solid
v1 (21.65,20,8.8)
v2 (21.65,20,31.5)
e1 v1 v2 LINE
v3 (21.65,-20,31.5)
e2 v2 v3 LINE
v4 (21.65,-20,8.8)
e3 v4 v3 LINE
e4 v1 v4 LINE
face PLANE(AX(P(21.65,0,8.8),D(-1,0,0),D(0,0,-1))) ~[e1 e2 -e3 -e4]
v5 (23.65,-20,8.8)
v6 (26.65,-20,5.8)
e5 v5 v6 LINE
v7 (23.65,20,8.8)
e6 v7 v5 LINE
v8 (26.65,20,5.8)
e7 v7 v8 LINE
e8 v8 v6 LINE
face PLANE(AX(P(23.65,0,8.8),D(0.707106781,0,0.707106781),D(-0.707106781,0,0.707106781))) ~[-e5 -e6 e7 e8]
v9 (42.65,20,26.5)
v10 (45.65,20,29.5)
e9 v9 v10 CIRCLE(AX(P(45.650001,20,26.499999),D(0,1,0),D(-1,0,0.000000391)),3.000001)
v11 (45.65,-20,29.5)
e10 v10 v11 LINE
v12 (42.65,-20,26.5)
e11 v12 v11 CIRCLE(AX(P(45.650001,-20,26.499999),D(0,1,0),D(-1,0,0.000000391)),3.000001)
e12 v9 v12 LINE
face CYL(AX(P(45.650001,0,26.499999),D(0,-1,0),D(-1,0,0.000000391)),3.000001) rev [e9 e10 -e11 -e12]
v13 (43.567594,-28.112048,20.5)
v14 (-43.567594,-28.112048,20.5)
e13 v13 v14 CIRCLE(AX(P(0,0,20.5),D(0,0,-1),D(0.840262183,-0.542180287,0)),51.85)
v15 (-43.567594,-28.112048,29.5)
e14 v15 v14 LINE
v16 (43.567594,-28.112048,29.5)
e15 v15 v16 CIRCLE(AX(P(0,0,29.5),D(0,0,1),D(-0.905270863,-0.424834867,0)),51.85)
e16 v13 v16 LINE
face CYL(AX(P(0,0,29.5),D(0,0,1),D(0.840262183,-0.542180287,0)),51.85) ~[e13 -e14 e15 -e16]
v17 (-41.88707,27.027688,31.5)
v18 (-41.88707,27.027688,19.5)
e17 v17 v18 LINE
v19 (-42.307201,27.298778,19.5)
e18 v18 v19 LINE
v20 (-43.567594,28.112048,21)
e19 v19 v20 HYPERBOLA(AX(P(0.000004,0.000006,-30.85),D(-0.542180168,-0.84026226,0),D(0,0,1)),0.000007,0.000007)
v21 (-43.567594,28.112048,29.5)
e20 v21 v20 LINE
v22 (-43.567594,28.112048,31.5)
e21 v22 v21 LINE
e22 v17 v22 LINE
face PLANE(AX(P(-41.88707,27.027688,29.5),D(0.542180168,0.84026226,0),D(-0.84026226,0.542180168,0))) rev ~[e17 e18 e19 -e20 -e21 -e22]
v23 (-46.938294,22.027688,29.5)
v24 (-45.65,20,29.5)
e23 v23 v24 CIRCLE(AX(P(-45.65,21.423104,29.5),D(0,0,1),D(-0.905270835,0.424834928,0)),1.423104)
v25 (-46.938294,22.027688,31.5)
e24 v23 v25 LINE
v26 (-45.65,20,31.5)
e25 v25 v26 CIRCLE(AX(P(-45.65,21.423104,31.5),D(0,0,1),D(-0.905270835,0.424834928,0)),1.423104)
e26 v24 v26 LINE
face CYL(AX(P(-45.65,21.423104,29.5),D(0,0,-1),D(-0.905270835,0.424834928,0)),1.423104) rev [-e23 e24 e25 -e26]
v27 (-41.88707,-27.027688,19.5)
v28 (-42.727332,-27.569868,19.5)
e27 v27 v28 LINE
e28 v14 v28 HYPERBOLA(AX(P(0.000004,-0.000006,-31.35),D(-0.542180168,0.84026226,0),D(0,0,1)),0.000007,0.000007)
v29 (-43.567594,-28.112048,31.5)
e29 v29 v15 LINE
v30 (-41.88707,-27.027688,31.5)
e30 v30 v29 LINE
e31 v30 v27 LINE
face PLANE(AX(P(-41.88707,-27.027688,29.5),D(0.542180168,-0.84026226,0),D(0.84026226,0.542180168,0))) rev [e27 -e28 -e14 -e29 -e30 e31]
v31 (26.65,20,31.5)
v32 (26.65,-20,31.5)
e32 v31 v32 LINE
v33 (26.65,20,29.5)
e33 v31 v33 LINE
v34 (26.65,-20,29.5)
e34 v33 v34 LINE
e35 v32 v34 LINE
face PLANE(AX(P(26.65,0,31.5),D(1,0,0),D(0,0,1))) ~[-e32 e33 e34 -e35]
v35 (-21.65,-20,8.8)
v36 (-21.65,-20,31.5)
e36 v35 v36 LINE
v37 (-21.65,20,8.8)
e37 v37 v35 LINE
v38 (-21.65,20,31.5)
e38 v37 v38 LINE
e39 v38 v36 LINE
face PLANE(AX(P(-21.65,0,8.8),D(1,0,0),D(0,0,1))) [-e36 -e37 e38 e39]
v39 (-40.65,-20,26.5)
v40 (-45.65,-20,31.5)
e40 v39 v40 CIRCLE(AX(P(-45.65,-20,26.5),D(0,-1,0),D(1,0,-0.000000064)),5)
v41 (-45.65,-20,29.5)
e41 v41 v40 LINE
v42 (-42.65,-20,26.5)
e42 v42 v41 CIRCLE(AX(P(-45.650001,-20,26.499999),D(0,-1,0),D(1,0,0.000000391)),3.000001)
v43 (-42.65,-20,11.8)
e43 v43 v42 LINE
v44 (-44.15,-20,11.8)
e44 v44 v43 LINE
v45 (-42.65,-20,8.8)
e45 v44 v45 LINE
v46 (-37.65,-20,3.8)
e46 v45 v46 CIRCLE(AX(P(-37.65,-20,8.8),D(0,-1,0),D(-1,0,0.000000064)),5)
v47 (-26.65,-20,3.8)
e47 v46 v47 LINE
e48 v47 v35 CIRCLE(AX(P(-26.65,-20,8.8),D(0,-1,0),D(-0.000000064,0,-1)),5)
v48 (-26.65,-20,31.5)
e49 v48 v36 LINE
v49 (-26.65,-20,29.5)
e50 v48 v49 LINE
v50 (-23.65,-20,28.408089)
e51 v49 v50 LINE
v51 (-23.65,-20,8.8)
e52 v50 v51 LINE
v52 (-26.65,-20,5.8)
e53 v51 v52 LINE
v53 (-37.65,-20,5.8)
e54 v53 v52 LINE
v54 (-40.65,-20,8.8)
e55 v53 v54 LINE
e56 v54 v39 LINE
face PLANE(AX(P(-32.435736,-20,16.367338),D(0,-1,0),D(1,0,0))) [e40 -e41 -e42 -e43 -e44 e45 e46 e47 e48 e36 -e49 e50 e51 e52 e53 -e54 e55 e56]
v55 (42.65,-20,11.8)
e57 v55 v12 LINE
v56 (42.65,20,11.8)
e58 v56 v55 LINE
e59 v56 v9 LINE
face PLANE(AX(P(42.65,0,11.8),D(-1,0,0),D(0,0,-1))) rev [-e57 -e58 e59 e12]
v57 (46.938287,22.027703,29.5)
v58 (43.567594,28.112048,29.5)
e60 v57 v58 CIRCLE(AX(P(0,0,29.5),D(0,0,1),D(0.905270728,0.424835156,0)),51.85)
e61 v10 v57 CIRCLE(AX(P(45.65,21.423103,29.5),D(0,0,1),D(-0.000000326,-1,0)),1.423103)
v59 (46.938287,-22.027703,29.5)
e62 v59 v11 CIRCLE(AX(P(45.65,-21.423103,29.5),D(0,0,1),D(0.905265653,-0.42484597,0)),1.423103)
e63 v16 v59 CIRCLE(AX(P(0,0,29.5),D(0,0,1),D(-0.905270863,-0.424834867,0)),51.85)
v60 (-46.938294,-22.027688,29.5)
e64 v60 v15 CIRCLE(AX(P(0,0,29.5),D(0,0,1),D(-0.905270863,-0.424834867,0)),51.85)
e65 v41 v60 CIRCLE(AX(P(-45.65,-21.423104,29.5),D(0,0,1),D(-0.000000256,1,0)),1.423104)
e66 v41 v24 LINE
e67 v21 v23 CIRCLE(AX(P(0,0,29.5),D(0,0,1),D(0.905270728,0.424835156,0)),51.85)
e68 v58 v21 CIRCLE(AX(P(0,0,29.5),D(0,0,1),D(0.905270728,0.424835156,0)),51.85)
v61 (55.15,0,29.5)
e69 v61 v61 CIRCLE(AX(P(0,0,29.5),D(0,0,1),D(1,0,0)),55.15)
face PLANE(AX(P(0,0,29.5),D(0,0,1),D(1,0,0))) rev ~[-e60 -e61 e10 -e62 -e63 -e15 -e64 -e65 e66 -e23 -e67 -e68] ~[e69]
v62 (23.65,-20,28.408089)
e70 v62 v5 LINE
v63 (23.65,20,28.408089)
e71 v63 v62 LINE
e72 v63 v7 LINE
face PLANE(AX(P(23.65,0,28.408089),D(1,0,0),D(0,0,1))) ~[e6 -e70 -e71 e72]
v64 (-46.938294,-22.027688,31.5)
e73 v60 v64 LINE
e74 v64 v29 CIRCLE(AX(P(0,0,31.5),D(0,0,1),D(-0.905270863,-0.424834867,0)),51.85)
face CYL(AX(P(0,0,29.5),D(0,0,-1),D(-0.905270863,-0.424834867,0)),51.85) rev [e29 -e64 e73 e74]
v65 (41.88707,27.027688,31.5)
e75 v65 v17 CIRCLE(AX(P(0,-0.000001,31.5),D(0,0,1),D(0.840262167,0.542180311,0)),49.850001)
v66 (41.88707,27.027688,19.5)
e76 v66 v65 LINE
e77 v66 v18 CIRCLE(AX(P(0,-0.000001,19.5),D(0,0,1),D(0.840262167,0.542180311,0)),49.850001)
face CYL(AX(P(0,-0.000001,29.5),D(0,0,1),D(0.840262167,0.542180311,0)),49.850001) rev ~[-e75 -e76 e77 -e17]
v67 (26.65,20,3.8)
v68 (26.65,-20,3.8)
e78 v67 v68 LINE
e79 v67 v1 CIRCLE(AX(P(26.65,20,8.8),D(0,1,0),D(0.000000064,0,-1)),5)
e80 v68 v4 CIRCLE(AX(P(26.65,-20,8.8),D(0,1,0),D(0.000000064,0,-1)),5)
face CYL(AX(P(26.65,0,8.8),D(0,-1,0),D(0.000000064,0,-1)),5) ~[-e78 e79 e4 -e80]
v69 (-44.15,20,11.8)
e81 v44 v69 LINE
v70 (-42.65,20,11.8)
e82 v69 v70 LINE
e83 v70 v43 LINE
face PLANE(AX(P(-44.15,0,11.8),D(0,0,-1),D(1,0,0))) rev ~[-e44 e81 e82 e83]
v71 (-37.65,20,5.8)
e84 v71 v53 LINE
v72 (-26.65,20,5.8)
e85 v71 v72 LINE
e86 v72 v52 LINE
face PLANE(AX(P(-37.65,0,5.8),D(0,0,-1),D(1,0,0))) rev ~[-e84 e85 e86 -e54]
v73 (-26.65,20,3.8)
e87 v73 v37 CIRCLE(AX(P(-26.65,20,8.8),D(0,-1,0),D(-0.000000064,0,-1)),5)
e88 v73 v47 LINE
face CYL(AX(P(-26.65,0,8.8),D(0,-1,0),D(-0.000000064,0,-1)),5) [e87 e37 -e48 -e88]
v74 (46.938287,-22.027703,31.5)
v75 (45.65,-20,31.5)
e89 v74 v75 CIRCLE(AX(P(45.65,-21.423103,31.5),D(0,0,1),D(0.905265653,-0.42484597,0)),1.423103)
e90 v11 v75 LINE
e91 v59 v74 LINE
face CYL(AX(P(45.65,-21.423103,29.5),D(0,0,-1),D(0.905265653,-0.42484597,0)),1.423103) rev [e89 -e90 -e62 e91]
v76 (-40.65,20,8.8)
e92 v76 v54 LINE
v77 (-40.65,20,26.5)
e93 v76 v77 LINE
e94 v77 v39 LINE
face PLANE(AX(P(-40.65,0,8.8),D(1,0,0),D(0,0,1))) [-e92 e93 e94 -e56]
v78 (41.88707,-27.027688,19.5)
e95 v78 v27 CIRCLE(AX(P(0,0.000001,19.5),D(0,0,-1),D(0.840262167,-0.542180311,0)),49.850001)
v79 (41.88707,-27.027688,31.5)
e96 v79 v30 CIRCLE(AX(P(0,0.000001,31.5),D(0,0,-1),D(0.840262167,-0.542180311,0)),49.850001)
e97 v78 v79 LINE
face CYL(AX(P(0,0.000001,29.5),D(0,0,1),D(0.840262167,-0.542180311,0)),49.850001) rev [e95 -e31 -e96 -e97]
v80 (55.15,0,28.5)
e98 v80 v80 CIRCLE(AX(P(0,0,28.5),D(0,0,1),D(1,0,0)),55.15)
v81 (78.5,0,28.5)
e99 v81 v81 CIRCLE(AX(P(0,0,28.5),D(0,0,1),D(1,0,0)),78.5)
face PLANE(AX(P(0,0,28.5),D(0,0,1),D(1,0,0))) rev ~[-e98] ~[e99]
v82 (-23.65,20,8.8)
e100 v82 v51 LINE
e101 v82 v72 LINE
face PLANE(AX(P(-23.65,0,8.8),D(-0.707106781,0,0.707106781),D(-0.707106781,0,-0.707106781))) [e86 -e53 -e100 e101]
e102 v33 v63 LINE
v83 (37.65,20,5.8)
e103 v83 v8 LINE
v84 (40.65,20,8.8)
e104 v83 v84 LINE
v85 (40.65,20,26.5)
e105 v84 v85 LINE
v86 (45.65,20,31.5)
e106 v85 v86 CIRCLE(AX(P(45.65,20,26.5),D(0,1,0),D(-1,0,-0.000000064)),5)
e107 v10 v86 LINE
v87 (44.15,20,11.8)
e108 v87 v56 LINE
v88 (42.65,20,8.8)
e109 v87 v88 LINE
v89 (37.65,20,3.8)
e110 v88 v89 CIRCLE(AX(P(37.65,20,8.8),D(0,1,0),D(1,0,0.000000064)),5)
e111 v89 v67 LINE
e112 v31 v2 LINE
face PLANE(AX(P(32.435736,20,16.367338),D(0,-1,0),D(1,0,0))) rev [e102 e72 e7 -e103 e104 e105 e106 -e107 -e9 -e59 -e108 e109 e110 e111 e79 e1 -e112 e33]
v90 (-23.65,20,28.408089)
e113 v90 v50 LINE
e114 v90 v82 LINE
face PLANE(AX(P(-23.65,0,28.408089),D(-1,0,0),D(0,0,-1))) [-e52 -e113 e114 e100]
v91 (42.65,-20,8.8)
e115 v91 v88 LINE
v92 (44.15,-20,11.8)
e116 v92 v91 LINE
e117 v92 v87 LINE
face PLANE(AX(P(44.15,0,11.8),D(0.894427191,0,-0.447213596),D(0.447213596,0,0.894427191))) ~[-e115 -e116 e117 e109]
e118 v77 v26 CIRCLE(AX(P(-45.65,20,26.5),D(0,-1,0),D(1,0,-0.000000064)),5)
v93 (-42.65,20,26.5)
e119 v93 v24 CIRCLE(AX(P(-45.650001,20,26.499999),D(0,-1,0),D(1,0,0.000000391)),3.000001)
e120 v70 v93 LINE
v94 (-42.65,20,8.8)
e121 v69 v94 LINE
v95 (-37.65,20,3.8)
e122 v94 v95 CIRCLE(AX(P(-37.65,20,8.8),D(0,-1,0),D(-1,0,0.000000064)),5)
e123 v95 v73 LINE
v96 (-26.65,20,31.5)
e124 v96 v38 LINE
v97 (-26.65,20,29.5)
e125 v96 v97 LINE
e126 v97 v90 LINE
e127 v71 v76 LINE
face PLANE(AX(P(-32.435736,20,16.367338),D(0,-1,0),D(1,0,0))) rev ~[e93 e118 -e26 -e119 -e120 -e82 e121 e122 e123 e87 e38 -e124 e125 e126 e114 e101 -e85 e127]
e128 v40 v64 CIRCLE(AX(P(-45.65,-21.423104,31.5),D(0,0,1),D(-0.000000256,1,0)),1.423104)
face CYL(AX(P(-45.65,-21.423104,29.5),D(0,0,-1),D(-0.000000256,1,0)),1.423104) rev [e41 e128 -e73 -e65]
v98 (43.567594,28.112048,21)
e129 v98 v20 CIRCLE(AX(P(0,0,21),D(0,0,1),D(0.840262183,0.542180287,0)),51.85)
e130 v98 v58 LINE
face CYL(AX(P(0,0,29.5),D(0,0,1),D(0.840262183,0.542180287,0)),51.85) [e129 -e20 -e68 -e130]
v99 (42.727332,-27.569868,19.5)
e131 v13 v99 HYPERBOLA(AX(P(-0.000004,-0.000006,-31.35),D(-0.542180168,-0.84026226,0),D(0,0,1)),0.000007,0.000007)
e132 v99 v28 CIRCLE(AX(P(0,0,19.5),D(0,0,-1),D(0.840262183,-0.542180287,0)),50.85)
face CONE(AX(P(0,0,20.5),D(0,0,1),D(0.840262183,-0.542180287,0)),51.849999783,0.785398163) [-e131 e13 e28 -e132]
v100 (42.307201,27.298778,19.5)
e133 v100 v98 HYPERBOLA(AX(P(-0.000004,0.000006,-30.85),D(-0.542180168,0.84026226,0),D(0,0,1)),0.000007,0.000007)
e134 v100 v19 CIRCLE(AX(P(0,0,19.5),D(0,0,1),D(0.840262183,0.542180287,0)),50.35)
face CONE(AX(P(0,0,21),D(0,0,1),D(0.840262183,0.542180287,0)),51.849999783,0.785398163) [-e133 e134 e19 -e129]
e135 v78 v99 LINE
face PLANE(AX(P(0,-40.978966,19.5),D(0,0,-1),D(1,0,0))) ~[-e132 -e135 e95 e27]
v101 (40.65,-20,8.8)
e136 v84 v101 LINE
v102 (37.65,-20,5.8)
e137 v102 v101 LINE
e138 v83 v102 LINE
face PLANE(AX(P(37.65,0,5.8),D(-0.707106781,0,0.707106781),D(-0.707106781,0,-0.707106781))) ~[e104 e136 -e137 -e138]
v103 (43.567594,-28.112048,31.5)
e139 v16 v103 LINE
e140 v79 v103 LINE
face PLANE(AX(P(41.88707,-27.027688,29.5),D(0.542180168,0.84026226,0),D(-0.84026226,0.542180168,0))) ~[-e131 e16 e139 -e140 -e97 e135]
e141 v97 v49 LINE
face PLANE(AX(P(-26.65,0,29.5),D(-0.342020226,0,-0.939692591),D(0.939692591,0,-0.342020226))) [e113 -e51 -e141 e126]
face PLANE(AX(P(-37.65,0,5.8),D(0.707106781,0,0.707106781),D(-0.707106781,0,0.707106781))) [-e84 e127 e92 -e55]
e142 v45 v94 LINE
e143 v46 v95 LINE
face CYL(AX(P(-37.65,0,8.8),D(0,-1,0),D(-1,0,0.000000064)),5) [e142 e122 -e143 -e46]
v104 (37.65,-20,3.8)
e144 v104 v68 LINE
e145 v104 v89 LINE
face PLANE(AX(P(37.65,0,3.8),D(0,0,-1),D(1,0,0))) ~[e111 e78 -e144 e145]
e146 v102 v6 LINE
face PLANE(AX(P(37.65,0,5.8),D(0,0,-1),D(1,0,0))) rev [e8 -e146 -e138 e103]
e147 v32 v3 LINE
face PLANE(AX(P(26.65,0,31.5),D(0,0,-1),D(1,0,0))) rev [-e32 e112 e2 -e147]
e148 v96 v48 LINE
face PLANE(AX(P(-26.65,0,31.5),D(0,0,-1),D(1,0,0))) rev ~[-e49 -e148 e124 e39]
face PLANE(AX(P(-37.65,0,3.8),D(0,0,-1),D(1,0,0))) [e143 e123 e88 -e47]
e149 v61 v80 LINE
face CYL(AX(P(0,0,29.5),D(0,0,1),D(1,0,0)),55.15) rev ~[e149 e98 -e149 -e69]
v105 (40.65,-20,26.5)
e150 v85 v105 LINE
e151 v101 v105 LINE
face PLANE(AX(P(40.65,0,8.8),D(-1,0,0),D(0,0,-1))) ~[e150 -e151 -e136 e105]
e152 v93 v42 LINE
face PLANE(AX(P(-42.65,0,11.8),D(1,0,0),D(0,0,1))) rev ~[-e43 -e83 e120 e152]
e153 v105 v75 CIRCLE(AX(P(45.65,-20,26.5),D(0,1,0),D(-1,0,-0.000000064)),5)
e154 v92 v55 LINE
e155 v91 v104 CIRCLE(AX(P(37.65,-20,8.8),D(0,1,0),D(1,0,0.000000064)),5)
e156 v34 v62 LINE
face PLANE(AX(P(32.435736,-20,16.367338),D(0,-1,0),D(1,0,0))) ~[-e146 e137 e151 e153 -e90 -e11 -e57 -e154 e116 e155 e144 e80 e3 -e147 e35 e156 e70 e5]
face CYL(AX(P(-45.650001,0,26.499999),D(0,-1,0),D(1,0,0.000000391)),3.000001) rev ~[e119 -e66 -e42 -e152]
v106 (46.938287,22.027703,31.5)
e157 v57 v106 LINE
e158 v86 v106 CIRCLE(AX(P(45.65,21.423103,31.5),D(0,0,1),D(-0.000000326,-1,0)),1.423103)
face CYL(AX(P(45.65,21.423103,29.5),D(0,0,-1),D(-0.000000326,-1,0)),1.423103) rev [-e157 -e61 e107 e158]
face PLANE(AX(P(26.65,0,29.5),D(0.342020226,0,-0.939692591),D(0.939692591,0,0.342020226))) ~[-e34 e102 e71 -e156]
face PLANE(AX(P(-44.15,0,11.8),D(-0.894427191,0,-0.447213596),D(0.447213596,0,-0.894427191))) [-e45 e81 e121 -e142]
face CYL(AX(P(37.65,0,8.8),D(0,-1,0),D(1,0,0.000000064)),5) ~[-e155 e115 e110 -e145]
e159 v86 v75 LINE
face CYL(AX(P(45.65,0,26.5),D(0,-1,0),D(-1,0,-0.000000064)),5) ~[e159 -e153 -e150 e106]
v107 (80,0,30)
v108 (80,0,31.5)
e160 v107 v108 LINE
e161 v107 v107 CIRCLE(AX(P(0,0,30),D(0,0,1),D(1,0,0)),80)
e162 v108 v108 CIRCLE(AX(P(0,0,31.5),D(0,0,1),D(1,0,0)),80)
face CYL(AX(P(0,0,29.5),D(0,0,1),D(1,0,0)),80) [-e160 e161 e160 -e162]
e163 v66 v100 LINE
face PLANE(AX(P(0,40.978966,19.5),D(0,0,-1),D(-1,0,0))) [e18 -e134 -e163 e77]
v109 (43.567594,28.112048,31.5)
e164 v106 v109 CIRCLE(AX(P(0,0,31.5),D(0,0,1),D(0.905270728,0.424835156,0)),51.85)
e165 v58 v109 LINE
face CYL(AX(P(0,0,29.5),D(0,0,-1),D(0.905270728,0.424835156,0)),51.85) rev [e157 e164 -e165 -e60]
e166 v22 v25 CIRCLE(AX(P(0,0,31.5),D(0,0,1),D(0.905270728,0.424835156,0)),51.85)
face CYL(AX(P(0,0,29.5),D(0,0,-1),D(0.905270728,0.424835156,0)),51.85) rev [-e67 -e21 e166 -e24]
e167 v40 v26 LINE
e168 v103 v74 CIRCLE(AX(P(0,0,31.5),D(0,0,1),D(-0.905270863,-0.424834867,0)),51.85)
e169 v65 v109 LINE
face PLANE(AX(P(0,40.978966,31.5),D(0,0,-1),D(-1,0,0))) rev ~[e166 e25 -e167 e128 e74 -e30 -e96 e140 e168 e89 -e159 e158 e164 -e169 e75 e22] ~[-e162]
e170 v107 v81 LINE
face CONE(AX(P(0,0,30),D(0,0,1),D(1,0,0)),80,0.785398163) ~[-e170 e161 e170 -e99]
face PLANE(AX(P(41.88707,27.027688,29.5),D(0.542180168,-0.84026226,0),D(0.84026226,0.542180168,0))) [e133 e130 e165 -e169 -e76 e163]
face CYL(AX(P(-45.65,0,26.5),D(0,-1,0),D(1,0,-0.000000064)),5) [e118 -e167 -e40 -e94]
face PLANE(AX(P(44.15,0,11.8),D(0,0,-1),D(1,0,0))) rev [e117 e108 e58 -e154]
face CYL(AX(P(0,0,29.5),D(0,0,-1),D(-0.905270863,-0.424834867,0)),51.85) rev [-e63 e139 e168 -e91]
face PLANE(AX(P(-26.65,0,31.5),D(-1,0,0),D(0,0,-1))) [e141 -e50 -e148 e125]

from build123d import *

# Parameters (mm, degrees)
SKETCH007_R           = 80
SKETCH007_R_2         = 55.15
EXTRUDE002_DEPTH      = 1
EXTRUDE_DEPTH         = 20
EXTRUDE003_DEPTH      = 2
EXTRUDE003_DEPTH_BACK = 10
SKETCH006_R           = 80
EXTRUDE001_DEPTH      = 2
CHAMFER_1_SIZE        = 1.5
CHAMFER_2_SIZE        = 1


with BuildPart() as extrude002:
    # Sketch007 → Extrude002 (new body)
    with BuildSketch(Plane.XY):
        Circle(SKETCH007_R)
        Circle(SKETCH007_R_2, mode=Mode.SUBTRACT)
    extrude(amount=-EXTRUDE002_DEPTH)


with BuildPart() as extrude002_1:
    # Extrude002 placement: moved
    add(extrude002.part.moved(Location((0, 0, 29.5))))


with BuildPart() as extrude_body:
    # Sketch005 → Extrude (new body, symmetric)
    with BuildSketch(Plane.XZ):
        with BuildLine():
            Line((-37.65, 3.8), (-26.65, 3.8))
            ThreePointArc((-26.65, 3.8), (-23.114466, 5.264466), (-21.65, 8.8))
            Line((-21.65, 8.8), (-21.65, 31.5))
            Line((-26.65, 31.5), (-21.65, 31.5))
            Line((-26.65, 31.5), (-26.65, 29.5))
            Line((-26.65, 29.5), (-23.65, 28.408089))
            Line((-23.65, 28.408089), (-23.65, 8.8))
            Line((-23.65, 8.8), (-26.65, 5.8))
            Line((-37.65, 5.8), (-26.65, 5.8))
            Line((-37.65, 5.8), (-40.65, 8.8))
            Line((-40.65, 8.8), (-40.65, 26.5))
            ThreePointArc((-40.65, 26.5), (-42.114466, 30.035534), (-45.65, 31.5))
            Line((-45.65, 29.5), (-45.65, 31.5))
            ThreePointArc((-42.65, 26.5), (-43.52868, 28.62132), (-45.65, 29.5))
            Line((-42.65, 11.8), (-42.65, 26.5))
            Line((-44.15, 11.8), (-42.65, 11.8))
            Line((-44.15, 11.8), (-42.65, 8.8))
            ThreePointArc((-42.65, 8.8), (-41.185534, 5.264466), (-37.65, 3.8))
        make_face()
    extrude(amount=EXTRUDE_DEPTH, both=True)


with BuildPart() as part_mirroring:
    # Part__Mirroring: instance of Extrude body
    add(extrude_body.part.mirror(Plane(origin=(0, 0, 0), x_dir=(0, -1, 0), z_dir=(1, 0, 0))))


with BuildPart() as frontplateoverhang:
    # Sketch008 → Extrude003 (new body, two sides)
    with BuildSketch(Plane.XY) as extrude003_sk:
        with BuildLine():
            ThreePointArc((41.88707, 27.027688), (0, 49.85), (-41.88707, 27.027688))
            Line((-41.88707, 27.027688), (-43.567594, 28.112048))
            ThreePointArc((43.567594, 28.112048), (0, 51.85), (-43.567594, 28.112048))
            Line((41.88707, 27.027688), (43.567594, 28.112048))
        make_face()
    extrude(amount=EXTRUDE003_DEPTH)
    extrude(extrude003_sk.sketch, amount=-EXTRUDE003_DEPTH_BACK)


with BuildPart() as frontplateoverhang_1:
    # Extrude003 placement: moved
    add(frontplateoverhang.part.moved(Location((0, 0, 29.5))))


with BuildPart() as part_mirroring001:
    # Part__Mirroring001: instance of frontplateoverhang
    add(frontplateoverhang_1.part.mirror(Plane(origin=(0, 0, 0), x_dir=(1, 0, 0), z_dir=(0, 1, 0))))


with BuildPart() as frontplate:
    # Sketch006 → Extrude001 (new body)
    with BuildSketch(Plane.XY):
        Circle(SKETCH006_R)
        with BuildLine():
            Line((-45.65, 0), (-45.65, 20))
            ThreePointArc((-46.938294, 22.027688), (-46.851168, 20.65994), (-45.65, 20))
            ThreePointArc((46.938287, 22.027703), (-8e-06, 51.85), (-46.938294, 22.027688))
            ThreePointArc((45.65, 20), (46.851173, 20.659947), (46.938287, 22.027703))
            Line((45.65, 0), (45.65, 20))
            Line((45.65, 0), (45.65, -20))
            ThreePointArc((46.938287, -22.027703), (46.851173, -20.659947), (45.65, -20))
            ThreePointArc((-46.938294, -22.027688), (-8e-06, -51.85), (46.938287, -22.027703))
            ThreePointArc((-45.65, -20), (-46.851168, -20.65994), (-46.938294, -22.027688))
            Line((-45.65, 0), (-45.65, -20))
        make_face(mode=Mode.SUBTRACT)
    extrude(amount=EXTRUDE001_DEPTH)


with BuildPart() as frontplate_1:
    # Extrude001 placement: moved
    add(frontplate.part.moved(Location((0, 0, 29.5))))

    # Fusion: union Extrude002, Part__Mirroring, Extrude body, Part__Mirroring001, frontplateoverhang
    add(extrude002_1.part)
    add(part_mirroring.part)
    add(extrude_body.part)
    add(part_mirroring001.part)
    add(frontplateoverhang_1.part)

    # Chamfer 1
    chamfer_1_edges = [frontplate_1.edges().sort_by_distance(p)[0] for p in [
        (-80, 0, 28.5),
        (0, 51.85, 19.5),
    ]]
    chamfer(chamfer_1_edges, length=CHAMFER_1_SIZE)

    # Chamfer 2
    chamfer_2_edges = [frontplate_1.edges().sort_by_distance(p)[0] for p in [
        (0, -51.85, 19.5),
    ]]
    chamfer(chamfer_2_edges, length=CHAMFER_2_SIZE)


solid = frontplate_1.part
